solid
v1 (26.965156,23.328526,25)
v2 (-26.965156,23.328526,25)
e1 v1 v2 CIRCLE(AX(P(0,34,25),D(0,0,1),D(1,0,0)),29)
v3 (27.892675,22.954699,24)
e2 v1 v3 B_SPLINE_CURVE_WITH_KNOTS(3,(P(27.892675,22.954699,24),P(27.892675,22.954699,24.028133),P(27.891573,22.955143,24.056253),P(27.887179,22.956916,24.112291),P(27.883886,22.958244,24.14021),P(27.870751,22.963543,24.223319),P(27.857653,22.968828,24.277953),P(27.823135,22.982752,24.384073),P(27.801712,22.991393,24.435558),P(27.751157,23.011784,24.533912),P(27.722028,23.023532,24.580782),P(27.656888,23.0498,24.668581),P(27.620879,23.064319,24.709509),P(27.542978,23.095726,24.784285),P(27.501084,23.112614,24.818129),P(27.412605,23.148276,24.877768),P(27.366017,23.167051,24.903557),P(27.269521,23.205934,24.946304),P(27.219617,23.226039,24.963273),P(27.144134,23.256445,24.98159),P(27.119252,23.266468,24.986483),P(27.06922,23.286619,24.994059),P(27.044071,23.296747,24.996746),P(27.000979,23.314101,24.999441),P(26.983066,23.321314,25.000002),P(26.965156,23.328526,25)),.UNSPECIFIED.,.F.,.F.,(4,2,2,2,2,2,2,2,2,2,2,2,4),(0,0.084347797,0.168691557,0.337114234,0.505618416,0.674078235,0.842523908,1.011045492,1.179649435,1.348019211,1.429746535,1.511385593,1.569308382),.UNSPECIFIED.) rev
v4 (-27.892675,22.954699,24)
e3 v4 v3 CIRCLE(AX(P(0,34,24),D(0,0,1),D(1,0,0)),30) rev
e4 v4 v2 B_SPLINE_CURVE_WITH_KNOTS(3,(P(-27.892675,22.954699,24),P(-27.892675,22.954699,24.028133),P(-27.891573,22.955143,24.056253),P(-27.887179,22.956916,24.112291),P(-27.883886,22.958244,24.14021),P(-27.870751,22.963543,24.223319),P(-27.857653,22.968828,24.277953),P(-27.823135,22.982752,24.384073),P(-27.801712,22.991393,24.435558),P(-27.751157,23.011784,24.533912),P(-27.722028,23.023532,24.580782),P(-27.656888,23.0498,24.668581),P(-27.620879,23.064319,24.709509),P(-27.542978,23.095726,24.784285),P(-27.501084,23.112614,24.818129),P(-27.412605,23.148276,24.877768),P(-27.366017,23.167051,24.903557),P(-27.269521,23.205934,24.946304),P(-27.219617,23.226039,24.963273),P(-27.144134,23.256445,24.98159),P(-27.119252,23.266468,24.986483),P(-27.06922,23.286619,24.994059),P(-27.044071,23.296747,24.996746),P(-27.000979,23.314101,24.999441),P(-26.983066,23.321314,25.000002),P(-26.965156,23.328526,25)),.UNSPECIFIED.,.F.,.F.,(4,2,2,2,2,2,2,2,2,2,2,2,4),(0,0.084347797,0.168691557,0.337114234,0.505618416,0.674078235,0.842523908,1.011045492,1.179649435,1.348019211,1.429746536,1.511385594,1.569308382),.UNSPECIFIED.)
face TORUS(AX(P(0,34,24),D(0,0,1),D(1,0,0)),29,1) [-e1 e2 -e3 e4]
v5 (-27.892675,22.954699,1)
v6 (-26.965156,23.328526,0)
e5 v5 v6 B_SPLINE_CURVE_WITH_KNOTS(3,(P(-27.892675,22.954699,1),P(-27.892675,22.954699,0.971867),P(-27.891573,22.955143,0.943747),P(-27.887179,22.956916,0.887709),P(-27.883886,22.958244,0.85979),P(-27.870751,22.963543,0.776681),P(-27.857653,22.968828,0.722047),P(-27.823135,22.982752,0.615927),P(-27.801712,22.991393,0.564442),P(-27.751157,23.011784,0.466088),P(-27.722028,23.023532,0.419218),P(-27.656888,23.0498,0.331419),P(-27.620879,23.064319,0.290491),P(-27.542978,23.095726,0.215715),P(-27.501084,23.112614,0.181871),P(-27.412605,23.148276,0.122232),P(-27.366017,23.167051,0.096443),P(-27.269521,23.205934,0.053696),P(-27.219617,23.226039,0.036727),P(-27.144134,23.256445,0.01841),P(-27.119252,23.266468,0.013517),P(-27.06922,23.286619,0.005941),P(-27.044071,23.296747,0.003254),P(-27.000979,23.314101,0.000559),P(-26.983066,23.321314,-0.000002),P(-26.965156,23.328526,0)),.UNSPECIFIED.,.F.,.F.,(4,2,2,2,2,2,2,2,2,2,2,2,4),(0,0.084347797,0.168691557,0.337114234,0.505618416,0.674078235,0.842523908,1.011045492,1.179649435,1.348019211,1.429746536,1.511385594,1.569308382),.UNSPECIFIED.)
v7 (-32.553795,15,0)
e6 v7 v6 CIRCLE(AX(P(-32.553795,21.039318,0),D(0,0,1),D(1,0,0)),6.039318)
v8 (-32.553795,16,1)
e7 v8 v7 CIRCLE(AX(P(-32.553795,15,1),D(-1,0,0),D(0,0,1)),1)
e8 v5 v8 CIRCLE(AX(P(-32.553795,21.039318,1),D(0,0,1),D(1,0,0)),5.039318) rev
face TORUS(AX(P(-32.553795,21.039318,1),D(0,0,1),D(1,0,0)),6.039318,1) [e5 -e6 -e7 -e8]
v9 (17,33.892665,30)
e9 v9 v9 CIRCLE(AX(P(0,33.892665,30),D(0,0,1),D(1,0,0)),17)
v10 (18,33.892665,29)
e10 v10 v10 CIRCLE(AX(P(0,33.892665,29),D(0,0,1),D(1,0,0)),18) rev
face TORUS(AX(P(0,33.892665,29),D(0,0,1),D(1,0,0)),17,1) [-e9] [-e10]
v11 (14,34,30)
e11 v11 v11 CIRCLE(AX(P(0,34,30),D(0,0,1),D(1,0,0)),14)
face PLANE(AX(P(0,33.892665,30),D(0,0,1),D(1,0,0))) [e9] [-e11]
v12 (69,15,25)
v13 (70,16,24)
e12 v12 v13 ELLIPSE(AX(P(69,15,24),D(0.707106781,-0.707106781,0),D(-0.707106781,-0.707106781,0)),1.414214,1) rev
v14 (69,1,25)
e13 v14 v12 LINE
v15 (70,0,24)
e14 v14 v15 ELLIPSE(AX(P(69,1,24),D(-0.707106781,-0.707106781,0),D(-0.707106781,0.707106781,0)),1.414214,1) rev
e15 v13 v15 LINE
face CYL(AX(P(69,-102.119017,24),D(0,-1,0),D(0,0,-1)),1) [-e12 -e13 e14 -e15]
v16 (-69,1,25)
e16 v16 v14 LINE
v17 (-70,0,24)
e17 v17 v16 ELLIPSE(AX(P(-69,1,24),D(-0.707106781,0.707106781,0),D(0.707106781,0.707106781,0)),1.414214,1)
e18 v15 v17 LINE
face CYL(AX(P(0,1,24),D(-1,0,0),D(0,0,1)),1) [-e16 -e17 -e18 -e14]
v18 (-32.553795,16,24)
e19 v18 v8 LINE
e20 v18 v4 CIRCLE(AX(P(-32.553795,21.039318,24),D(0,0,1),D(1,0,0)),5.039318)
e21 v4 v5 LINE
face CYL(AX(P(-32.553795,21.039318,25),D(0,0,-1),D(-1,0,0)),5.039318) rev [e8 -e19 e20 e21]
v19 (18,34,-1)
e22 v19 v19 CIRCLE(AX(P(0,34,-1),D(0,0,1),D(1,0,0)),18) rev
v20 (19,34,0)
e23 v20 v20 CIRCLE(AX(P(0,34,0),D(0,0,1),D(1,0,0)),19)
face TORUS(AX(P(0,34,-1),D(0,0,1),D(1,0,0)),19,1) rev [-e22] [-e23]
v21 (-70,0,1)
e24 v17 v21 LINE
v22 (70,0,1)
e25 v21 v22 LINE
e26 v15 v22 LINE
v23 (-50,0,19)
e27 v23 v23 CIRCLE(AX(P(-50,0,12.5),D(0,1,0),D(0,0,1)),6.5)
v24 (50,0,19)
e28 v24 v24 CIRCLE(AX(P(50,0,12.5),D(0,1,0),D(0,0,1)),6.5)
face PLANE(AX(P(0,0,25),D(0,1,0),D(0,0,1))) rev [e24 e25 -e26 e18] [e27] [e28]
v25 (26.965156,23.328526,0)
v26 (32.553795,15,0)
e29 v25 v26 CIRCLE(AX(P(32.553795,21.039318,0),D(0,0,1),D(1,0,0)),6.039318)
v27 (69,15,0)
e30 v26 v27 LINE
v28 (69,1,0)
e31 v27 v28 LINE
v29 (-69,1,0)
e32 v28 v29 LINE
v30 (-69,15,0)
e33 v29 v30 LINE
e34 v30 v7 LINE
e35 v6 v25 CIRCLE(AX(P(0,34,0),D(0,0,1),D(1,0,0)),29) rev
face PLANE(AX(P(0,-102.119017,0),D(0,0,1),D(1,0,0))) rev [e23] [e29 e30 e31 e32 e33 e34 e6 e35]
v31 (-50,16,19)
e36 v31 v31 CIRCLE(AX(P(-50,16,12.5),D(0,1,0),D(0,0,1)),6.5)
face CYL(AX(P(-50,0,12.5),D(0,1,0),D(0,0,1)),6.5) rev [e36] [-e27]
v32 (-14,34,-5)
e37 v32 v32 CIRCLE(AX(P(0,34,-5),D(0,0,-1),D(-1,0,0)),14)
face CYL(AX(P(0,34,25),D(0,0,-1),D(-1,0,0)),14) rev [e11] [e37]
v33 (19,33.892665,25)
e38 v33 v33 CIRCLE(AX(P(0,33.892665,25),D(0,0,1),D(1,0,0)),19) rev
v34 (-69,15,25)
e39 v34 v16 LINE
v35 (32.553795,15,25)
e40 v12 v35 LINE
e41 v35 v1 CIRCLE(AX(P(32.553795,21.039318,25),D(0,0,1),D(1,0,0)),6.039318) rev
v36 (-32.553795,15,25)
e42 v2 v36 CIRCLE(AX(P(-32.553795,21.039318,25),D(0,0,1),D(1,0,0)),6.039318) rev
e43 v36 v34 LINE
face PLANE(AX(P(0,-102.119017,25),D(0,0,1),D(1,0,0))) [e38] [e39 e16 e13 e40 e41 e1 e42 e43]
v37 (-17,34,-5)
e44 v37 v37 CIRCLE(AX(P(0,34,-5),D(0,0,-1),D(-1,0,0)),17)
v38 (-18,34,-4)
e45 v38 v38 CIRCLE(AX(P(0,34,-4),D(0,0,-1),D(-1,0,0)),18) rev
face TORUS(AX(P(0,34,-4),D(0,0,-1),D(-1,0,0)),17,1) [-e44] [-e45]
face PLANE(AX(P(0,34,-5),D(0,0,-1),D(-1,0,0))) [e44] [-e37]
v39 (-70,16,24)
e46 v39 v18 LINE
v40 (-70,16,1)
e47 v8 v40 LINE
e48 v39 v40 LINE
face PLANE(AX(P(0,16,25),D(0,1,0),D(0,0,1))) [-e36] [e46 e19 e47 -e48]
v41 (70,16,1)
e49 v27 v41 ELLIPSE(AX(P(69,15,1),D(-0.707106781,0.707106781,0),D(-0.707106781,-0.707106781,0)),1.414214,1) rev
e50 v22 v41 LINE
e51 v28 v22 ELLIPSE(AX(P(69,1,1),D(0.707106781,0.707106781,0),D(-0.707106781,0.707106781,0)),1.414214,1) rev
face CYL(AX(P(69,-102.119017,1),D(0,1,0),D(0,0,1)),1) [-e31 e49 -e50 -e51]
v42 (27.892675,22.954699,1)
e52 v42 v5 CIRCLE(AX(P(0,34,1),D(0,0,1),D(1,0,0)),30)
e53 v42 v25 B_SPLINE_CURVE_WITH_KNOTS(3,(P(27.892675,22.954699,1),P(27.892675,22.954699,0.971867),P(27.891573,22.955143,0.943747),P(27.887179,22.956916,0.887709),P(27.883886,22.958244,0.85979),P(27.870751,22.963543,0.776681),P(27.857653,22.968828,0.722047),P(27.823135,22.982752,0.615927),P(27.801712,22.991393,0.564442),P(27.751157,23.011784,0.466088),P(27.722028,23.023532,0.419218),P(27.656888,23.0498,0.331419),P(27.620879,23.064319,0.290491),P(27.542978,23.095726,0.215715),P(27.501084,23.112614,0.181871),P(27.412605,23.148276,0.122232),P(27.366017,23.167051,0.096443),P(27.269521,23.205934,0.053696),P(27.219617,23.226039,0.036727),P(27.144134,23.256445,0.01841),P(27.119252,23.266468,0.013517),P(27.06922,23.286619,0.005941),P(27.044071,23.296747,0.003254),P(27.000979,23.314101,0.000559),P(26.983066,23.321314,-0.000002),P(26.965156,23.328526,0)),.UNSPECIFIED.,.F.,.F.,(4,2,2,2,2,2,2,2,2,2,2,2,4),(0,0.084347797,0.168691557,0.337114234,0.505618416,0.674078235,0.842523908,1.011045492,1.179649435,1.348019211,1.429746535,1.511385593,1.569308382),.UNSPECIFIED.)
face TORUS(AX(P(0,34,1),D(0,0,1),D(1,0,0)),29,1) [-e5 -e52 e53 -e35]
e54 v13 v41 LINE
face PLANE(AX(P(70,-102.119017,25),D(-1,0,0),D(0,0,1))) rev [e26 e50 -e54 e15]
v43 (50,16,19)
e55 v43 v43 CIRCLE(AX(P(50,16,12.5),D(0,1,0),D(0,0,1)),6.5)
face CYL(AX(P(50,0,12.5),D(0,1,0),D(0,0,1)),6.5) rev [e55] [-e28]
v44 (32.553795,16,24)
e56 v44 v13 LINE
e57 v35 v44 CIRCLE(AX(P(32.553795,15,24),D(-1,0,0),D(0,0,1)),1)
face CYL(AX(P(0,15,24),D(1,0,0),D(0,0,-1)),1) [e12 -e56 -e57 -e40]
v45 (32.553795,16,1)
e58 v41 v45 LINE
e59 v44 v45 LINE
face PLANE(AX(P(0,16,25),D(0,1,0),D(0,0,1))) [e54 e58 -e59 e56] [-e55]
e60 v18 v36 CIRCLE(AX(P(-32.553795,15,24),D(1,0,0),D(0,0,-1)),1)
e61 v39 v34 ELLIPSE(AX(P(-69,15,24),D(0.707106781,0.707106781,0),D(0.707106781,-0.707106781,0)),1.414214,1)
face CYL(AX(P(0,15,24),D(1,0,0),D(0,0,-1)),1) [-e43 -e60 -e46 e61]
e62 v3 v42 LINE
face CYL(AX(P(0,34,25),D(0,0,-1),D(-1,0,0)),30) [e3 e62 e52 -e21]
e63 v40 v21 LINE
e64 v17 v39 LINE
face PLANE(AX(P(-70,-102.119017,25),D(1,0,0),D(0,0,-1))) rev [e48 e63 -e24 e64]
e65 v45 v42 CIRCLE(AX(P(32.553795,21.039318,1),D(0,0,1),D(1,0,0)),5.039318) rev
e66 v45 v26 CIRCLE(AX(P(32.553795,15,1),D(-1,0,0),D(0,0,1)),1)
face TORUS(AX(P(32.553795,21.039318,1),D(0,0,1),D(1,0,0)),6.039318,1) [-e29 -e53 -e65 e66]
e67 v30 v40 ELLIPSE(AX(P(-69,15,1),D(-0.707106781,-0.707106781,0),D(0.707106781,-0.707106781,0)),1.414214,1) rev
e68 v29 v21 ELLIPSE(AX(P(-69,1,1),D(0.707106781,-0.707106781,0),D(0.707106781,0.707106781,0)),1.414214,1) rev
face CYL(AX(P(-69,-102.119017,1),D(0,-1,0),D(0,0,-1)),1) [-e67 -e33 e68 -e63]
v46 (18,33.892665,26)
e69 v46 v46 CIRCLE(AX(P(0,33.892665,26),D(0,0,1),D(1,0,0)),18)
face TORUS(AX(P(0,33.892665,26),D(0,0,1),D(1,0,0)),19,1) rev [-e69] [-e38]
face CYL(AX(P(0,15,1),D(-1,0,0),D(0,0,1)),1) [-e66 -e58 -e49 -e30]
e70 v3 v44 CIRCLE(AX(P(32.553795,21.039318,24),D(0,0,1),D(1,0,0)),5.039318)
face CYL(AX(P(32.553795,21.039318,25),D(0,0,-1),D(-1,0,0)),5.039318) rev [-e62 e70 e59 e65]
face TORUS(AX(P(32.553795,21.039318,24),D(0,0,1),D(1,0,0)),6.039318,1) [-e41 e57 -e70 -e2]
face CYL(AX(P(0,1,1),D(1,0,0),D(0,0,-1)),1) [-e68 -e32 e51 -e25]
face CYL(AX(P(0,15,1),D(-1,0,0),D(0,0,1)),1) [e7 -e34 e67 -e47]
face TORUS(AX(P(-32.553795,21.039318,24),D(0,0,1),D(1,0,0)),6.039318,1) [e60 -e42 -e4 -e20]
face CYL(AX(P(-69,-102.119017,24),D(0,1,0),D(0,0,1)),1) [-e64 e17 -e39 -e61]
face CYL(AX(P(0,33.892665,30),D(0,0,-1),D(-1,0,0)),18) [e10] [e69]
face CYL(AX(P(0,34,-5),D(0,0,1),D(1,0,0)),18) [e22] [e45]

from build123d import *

# Parameters (mm, degrees)
SKETCH_1_R          = 14
EXTRUDE_1_DEPTH     = 25
SKETCH_2_R          = 18
CUT_EXTRUDE_1_DEPTH = 5
SKETCH_3_R          = 18
CUT_EXTRUDE_2_DEPTH = 5
SKETCH_4_R          = 18
SKETCH_4_R_2        = 14
EXTRUDE_2_DEPTH     = 10
FILLET_2_R          = 1
SKETCH_5_R          = 18
SKETCH_5_R_2        = 14
EXTRUDE_3_DEPTH     = 10
FILLET_3_R          = 1
SKETCH_6_R          = 6.5
CUT_EXTRUDE_3_DEPTH = 16
FILLET_4_R          = 1
FILLET_5_R          = 1


with BuildPart() as part:
    # Эскиз1 → Бобышка-Вытянуть1 (new body)
    with BuildSketch(Plane.XY):
        with BuildLine():
            Line((-32.553795133, 16), (-70, 16))
            Line((-70, 16), (-70, 0))
            Line((-70, 0), (70, 0))
            Line((70, 0), (70, 16))
            Line((70, 16), (32.553795133, 16))
            ThreePointArc((32.553795133, 16), (28.398794531, 18.187880588), (27.851681109, 22.851732898))
            ThreePointArc((27.851681109, 22.851732898), (27.871894986, 22.903328476), (27.892674994, 22.954698661))
            ThreePointArc((27.892674994, 22.954698661), (0, 64), (-27.892674994, 22.954698661))
            ThreePointArc((-27.892674994, 22.954698661), (-27.871894986, 22.903328476), (-27.851681109, 22.851732898))
            ThreePointArc((-27.851681109, 22.851732898), (-28.398794531, 18.187880588), (-32.553795133, 16))
        make_face()
        with Locations((0, 34)):
            Circle(SKETCH_1_R, mode=Mode.SUBTRACT)
    extrude(amount=EXTRUDE_1_DEPTH)

    # Эскиз2 → Вырез-Вытянуть1 (cut)
    with BuildSketch(Plane.XY.offset(25)):
        with Locations((0, 33.892664785)):
            Circle(SKETCH_2_R)
    extrude(amount=-CUT_EXTRUDE_1_DEPTH, mode=Mode.SUBTRACT)

    # Эскиз3 → Вырез-Вытянуть2 (cut)
    with BuildSketch(Plane(origin=(0, 0, 0), x_dir=(-1, 0, 0), z_dir=(0, 0, -1))):
        with Locations((0, 34)):
            Circle(SKETCH_3_R)
    extrude(amount=-CUT_EXTRUDE_2_DEPTH, mode=Mode.SUBTRACT)

    # Эскиз4 → Бобышка-Вытянуть2 (add)
    with BuildSketch(Plane.XY.offset(20)):
        with Locations((0, 33.892664785)):
            Circle(SKETCH_4_R)
        with Locations((0, 34)):
            Circle(SKETCH_4_R_2, mode=Mode.SUBTRACT)
    extrude(amount=EXTRUDE_2_DEPTH)

    # Скругление2
    fillet_2_edges = [part.edges().sort_by_distance(p)[0] for p in [
        (-18, 33.892664785, 30),
    ]]
    fillet(fillet_2_edges, radius=FILLET_2_R)

    # Эскиз5 → Бобышка-Вытянуть3 (add)
    with BuildSketch(Plane(origin=(0, 0, 5), x_dir=(-1, 0, 0), z_dir=(0, 0, -1))):
        with Locations((0, 34)):
            Circle(SKETCH_5_R)
        with Locations((0, 34)):
            Circle(SKETCH_5_R_2, mode=Mode.SUBTRACT)
    extrude(amount=EXTRUDE_3_DEPTH)

    # Скругление3
    fillet_3_edges = [part.edges().sort_by_distance(p)[0] for p in [
        (18, 34, -5),
    ]]
    fillet(fillet_3_edges, radius=FILLET_3_R)

    # Эскиз6 → Вырез-Вытянуть3 (cut)
    with BuildSketch(Plane(origin=(0, 16, 0), x_dir=(1, 0, 0), z_dir=(0, 1, 0))):
        with Locations((50, -12.5)):
            Circle(SKETCH_6_R)
        with Locations((-50, -12.5)):
            Circle(SKETCH_6_R)
    extrude(amount=-CUT_EXTRUDE_3_DEPTH, mode=Mode.SUBTRACT)

    # Скругление4
    fillet_4_edges = [part.edges().sort_by_distance(p)[0] for p in [
        (-51.276897566, 16, 25),
        (-70, 8, 25),
        (0, 0, 25),
        (70, 8, 25),
        (51.276897566, 16, 25),
        (28.367690905, 18.233741999, 25),
        (-18, 33.892664785, 25),
        (0, 64, 25),
        (-28.367690905, 18.233741999, 25),
    ]]
    fillet(fillet_4_edges, radius=FILLET_4_R)

    # Скругление5
    fillet_5_edges = [part.edges().sort_by_distance(p)[0] for p in [
        (0, 64, 0),
        (28.367690905, 18.233741999, 0),
        (51.276897566, 16, 0),
        (70, 8, 0),
        (0, 0, 0),
        (-70, 8, 0),
        (-51.276897566, 16, 0),
        (-28.367690905, 18.233741999, 0),
        (18, 34, 0),
    ]]
    fillet(fillet_5_edges, radius=FILLET_5_R)


solid = part.part
